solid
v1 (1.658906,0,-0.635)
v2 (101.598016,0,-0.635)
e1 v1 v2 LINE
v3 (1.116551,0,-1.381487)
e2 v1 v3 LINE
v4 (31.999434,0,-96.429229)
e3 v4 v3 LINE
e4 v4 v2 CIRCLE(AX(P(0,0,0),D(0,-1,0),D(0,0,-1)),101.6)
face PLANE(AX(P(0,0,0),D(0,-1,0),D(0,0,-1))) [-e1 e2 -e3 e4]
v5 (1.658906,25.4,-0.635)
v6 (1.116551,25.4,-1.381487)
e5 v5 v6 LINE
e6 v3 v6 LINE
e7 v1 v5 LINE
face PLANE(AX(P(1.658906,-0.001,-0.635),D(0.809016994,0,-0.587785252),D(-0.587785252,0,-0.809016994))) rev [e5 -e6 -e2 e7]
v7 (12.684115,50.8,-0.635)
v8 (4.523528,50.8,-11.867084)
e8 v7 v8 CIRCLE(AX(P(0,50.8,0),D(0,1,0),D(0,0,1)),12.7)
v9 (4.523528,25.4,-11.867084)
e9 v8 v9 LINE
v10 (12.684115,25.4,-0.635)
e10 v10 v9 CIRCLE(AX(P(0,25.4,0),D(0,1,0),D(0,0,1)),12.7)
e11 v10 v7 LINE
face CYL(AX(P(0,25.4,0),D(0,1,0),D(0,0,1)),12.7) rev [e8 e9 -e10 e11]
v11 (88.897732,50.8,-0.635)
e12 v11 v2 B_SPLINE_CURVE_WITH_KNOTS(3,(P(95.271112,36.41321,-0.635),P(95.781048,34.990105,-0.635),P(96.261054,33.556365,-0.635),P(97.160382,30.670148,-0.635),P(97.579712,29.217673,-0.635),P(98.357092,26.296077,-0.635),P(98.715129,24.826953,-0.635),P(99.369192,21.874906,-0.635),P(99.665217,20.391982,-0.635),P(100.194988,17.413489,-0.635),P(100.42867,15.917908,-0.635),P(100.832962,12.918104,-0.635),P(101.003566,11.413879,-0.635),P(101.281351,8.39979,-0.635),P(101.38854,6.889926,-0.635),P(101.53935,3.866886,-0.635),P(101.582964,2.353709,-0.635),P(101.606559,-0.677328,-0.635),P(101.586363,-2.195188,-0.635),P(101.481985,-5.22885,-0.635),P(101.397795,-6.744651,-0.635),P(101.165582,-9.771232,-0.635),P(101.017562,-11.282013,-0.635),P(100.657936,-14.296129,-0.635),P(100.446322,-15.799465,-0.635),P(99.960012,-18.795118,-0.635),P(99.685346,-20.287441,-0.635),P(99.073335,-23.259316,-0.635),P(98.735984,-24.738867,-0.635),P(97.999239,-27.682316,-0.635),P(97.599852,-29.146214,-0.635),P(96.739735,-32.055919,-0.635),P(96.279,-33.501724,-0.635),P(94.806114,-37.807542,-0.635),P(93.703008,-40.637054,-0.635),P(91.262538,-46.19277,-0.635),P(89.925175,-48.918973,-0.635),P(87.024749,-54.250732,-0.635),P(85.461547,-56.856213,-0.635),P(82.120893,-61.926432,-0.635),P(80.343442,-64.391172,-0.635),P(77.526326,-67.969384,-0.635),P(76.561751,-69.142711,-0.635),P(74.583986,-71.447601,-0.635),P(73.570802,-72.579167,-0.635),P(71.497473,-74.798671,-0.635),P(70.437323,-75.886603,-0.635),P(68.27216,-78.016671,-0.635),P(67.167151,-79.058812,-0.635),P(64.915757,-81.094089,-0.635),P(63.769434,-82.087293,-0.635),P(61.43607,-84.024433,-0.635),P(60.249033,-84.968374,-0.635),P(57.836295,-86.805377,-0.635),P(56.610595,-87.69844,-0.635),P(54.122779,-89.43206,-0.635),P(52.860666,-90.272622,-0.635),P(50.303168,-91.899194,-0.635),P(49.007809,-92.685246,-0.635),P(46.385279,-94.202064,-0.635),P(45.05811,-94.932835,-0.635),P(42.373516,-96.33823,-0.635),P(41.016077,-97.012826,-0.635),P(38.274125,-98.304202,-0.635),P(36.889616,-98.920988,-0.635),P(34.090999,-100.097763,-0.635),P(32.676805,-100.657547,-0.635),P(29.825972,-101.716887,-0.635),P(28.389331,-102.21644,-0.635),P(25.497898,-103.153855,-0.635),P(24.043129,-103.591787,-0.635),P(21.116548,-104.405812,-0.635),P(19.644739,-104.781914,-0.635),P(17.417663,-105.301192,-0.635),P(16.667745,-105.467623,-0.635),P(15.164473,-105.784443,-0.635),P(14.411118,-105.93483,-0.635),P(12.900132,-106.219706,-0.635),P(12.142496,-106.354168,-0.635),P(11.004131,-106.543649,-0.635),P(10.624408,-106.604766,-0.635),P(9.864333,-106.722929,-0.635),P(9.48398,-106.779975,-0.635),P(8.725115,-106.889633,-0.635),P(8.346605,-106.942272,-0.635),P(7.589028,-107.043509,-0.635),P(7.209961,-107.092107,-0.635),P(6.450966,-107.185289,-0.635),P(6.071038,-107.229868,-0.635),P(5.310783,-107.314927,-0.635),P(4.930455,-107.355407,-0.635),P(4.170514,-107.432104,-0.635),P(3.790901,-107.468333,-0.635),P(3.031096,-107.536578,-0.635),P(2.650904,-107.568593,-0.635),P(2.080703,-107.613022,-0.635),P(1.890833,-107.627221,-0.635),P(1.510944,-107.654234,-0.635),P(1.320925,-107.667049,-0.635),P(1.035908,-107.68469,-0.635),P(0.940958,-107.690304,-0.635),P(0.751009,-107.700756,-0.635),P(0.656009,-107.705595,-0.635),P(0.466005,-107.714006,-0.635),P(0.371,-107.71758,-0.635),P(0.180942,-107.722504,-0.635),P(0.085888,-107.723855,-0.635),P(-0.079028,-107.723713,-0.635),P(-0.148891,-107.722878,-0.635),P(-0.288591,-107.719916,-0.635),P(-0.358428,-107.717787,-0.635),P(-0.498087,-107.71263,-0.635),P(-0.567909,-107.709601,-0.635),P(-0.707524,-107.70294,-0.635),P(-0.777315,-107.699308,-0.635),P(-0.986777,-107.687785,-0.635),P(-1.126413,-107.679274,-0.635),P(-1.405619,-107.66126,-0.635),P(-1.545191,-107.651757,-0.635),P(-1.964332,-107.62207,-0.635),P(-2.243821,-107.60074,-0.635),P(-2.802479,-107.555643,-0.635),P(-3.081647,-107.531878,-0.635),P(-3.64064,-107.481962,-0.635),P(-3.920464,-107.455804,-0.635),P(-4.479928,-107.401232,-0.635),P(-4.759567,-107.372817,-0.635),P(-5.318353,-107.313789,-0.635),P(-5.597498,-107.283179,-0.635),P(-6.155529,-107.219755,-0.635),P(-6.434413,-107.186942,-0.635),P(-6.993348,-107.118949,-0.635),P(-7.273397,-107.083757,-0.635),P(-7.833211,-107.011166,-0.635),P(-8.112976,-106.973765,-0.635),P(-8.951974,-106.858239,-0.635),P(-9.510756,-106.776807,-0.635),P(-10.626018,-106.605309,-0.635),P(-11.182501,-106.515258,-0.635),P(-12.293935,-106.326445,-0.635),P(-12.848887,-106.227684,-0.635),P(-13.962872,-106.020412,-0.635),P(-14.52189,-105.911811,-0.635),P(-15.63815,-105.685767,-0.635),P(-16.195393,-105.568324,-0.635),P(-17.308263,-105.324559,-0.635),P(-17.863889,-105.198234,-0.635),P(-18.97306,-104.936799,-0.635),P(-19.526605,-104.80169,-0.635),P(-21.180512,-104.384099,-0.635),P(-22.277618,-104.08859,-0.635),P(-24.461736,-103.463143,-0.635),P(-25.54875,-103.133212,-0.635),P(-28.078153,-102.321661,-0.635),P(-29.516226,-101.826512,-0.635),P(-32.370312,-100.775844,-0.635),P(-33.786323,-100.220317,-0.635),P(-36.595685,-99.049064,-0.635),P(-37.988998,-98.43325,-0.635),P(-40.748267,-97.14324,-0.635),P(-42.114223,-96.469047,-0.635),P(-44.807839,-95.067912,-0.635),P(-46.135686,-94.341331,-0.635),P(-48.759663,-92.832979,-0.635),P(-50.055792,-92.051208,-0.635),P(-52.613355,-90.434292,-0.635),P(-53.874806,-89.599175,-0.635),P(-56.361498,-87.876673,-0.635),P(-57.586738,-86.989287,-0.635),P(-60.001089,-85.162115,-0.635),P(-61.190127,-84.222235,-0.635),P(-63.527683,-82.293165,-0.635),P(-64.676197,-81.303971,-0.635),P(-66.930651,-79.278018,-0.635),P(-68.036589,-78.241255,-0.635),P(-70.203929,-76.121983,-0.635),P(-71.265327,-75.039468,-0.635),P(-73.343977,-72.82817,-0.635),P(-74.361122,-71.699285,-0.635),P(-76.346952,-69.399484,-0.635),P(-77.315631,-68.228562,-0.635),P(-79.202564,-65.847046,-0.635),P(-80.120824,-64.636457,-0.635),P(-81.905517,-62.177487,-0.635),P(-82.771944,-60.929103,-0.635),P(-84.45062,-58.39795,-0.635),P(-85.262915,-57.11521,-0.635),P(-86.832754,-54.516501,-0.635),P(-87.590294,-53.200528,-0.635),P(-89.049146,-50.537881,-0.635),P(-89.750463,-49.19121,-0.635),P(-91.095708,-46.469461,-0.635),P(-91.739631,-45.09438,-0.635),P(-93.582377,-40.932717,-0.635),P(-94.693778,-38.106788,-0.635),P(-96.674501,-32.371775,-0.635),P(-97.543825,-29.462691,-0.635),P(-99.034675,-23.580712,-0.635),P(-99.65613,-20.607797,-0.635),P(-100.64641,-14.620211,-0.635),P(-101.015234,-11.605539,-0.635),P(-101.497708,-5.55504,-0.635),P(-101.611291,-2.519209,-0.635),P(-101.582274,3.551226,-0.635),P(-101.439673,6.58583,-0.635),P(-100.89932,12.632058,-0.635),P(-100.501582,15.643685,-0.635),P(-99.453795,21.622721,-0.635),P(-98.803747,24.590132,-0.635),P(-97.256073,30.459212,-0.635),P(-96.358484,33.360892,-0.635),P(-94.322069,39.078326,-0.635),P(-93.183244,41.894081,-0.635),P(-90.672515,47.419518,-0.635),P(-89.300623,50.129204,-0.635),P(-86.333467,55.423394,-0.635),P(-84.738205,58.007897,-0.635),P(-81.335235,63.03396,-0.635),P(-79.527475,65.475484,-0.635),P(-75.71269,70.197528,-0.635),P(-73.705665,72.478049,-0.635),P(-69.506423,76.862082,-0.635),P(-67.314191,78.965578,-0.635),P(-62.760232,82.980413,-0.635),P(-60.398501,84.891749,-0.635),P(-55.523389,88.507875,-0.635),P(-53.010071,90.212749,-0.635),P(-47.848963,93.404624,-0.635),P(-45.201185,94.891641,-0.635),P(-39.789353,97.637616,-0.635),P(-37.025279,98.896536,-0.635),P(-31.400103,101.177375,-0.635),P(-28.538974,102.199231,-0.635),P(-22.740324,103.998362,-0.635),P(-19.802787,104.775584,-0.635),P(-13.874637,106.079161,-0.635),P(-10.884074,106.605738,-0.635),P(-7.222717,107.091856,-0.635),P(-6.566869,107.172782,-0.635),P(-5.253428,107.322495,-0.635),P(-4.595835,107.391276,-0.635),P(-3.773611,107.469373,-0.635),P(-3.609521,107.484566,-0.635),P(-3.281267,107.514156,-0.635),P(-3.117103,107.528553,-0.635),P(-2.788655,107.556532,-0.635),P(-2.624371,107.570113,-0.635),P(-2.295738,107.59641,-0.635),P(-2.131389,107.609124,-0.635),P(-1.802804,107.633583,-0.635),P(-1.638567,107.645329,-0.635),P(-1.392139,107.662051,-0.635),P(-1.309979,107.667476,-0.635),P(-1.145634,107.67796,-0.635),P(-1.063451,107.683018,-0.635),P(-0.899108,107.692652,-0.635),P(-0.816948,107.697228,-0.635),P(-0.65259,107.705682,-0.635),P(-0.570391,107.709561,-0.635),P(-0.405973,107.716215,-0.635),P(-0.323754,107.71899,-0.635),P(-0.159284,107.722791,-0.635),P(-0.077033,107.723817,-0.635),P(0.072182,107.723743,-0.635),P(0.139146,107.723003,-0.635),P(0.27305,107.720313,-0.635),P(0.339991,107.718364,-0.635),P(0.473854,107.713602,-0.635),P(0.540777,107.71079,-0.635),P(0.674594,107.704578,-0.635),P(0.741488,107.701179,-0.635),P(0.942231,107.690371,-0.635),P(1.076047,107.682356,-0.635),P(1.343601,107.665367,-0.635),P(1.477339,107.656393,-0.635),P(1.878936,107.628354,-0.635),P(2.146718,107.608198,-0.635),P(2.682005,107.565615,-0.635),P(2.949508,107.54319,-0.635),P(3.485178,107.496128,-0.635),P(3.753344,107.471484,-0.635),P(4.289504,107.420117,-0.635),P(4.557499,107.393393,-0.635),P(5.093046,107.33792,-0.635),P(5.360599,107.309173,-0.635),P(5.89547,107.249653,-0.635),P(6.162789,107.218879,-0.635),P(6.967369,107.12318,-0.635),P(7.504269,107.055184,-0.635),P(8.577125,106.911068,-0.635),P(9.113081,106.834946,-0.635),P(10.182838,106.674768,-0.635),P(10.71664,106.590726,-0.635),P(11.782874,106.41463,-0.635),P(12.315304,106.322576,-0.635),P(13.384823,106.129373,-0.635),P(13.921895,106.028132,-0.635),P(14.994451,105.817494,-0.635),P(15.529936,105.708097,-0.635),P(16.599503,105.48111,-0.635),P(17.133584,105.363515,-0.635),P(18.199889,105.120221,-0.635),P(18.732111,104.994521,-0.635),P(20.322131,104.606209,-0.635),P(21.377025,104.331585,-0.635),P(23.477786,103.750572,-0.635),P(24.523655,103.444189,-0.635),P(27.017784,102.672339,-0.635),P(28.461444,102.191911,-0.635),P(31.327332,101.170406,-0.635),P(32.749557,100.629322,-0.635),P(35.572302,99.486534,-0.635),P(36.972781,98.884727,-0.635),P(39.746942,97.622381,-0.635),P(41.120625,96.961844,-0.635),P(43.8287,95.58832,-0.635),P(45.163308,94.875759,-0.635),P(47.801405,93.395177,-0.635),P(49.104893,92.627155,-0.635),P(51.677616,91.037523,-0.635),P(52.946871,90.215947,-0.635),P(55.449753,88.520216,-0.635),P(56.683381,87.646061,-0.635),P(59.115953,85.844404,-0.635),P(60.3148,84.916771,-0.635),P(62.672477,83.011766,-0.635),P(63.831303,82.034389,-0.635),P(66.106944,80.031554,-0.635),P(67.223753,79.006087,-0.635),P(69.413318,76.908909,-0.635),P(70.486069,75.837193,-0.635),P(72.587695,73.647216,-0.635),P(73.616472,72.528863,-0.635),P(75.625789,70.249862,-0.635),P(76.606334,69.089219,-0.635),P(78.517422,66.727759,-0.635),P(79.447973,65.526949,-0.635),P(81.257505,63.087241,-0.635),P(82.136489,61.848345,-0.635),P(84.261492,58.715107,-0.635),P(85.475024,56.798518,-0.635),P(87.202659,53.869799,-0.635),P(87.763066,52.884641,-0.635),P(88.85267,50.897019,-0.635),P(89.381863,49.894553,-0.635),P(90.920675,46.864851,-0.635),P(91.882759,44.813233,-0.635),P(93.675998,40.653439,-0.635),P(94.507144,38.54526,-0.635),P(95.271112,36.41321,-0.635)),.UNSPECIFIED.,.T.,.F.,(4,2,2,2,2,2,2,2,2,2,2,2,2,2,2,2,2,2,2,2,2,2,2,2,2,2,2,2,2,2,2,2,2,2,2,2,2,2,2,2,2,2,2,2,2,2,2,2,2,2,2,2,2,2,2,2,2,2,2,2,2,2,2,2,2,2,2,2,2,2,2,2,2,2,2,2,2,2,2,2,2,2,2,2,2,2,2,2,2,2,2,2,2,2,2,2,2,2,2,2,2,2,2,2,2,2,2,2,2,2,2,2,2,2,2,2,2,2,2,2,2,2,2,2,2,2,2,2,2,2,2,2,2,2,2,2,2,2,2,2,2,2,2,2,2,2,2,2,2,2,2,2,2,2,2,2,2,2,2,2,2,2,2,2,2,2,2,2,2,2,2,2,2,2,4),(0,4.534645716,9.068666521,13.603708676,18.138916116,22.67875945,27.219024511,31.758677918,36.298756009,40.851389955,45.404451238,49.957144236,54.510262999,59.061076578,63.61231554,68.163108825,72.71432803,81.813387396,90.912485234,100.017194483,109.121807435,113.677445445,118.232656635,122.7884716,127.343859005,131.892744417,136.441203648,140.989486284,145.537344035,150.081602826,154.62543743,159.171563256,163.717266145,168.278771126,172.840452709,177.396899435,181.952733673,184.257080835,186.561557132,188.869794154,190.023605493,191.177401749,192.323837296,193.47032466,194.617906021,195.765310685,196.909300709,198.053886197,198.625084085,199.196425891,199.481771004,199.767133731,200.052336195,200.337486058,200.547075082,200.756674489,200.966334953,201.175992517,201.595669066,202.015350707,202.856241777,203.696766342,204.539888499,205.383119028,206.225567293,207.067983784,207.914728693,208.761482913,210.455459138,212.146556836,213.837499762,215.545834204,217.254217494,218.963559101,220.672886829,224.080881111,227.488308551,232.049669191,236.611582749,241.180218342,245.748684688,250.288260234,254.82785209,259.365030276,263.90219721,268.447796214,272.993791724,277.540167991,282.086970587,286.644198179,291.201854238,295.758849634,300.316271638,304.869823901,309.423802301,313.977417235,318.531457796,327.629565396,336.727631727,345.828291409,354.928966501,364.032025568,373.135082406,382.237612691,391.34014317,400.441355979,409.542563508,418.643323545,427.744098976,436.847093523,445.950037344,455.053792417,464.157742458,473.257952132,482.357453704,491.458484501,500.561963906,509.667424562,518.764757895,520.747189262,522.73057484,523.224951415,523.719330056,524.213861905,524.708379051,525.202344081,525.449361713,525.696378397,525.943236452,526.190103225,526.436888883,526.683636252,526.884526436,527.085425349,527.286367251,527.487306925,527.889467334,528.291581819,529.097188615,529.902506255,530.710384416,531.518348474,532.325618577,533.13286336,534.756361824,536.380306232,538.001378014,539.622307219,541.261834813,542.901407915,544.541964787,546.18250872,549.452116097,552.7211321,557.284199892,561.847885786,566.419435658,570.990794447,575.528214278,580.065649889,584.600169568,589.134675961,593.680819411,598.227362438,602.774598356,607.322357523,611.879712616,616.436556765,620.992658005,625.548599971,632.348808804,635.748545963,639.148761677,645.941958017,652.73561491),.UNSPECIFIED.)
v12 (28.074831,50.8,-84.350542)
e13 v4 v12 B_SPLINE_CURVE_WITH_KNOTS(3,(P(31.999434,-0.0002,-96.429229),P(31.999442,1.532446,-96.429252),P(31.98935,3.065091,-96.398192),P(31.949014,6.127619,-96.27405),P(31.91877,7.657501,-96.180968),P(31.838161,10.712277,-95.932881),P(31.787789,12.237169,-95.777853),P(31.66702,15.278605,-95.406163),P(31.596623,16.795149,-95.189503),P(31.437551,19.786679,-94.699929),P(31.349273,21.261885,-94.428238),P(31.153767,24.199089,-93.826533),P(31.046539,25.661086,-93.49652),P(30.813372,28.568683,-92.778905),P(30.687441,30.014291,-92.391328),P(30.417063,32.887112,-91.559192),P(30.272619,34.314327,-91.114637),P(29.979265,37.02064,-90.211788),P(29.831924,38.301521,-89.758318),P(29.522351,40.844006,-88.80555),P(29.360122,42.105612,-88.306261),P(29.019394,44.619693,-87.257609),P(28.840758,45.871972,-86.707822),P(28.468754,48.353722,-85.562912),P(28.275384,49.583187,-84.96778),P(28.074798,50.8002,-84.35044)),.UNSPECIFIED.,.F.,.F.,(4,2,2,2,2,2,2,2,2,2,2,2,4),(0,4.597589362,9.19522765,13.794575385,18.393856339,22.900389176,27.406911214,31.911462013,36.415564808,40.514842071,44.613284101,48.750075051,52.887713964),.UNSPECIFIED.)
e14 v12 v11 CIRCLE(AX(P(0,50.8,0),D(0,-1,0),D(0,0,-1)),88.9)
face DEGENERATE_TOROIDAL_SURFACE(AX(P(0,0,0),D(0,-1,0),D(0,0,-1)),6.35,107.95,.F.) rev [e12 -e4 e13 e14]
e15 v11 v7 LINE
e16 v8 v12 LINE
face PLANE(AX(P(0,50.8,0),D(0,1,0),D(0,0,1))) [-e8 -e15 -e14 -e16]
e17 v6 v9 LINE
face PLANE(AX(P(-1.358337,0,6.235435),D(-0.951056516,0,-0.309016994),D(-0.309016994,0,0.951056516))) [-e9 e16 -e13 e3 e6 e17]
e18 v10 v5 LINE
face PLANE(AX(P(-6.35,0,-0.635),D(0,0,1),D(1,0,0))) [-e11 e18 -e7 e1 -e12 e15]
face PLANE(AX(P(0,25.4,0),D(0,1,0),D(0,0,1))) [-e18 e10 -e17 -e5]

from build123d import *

# Parameters (mm, degrees)
REVOLVE1_ANGLE     = 72
CUT_EXTRUDE2_DEPTH = 0.635
CUT_EXTRUDE3_DEPTH = 0.635
SKETCH2_R          = 12.7
CUT_EXTRUDE1_DEPTH = 25.4
CUT_EXTRUDE4_REACH = 144.358


with BuildPart() as part:
    # Sketch1 → Revolve1 (revolve)
    with BuildSketch(Plane.XY):
        with BuildLine():
            Line((0, 0), (0, 50.8))
            Line((0, 50.8), (88.9, 50.8))
            ThreePointArc((88.9, 50.8), (98.376882891, 26.181720723), (101.6, 0))
            Line((101.6, 0), (0, 0))
        make_face()
    revolve(axis=Axis((0, 0, 0), (0, 1, 0)), revolution_arc=REVOLVE1_ANGLE)

    # Sketch3 → Cut-Extrude2 (cut)
    with BuildSketch(Plane(origin=(0, 0, 0), x_dir=(-0.3090169943749449, 0, 0.9510565162951544), z_dir=(-0.9510565162951544, 0, -0.3090169943749449))):
        with BuildLine():
            Line((0, 50.8), (-88.9, 50.8))
            ThreePointArc((-88.9, 50.8), (-98.376882891, 26.181720723), (-101.6, 0))
            Line((-101.6, 0), (0, 0))
            Line((0, 0), (0, 50.8))
        make_face()
    extrude(amount=-CUT_EXTRUDE2_DEPTH, mode=Mode.SUBTRACT)

    # Sketch4 → Cut-Extrude3 (cut)
    with BuildSketch(Plane.XY):
        with BuildLine():
            Line((0.667678512, 50.8), (0.667678512, 0))
            Line((0.667678512, 0), (101.6, 0))
            ThreePointArc((101.6, 0), (98.376882891, 26.181720723), (88.9, 50.8))
            Line((88.9, 50.8), (0.667678512, 50.8))
        make_face()
    extrude(amount=-CUT_EXTRUDE3_DEPTH, mode=Mode.SUBTRACT)

    # Sketch2 → Cut-Extrude1 (cut)
    with BuildSketch(Plane(origin=(0, 50.8, 0), x_dir=(1, 0, 0), z_dir=(0, 1, 0))):
        Circle(SKETCH2_R)
    extrude(amount=-CUT_EXTRUDE1_DEPTH, mode=Mode.SUBTRACT)

    # Sketch5 → Cut-Extrude4 (cut, up to next)
    with BuildSketch(Plane(origin=(0, 25.4, 0), x_dir=(1, 0, 0), z_dir=(0, 1, 0)), mode=Mode.PRIVATE) as cut_extrude4_sk1:
        Polygon((1.658905685, 0.635), (1.116550937, 1.38148727), (0.874002519, 0.635), align=None)
    cut_extrude4_tool1 = extrude(cut_extrude4_sk1.sketch, amount=-CUT_EXTRUDE4_REACH, mode=Mode.PRIVATE) & part.part
    add(cut_extrude4_tool1.solids().sort_by_distance((1.216486, 25.4, -0.883829))[0], mode=Mode.SUBTRACT)


solid = part.part
